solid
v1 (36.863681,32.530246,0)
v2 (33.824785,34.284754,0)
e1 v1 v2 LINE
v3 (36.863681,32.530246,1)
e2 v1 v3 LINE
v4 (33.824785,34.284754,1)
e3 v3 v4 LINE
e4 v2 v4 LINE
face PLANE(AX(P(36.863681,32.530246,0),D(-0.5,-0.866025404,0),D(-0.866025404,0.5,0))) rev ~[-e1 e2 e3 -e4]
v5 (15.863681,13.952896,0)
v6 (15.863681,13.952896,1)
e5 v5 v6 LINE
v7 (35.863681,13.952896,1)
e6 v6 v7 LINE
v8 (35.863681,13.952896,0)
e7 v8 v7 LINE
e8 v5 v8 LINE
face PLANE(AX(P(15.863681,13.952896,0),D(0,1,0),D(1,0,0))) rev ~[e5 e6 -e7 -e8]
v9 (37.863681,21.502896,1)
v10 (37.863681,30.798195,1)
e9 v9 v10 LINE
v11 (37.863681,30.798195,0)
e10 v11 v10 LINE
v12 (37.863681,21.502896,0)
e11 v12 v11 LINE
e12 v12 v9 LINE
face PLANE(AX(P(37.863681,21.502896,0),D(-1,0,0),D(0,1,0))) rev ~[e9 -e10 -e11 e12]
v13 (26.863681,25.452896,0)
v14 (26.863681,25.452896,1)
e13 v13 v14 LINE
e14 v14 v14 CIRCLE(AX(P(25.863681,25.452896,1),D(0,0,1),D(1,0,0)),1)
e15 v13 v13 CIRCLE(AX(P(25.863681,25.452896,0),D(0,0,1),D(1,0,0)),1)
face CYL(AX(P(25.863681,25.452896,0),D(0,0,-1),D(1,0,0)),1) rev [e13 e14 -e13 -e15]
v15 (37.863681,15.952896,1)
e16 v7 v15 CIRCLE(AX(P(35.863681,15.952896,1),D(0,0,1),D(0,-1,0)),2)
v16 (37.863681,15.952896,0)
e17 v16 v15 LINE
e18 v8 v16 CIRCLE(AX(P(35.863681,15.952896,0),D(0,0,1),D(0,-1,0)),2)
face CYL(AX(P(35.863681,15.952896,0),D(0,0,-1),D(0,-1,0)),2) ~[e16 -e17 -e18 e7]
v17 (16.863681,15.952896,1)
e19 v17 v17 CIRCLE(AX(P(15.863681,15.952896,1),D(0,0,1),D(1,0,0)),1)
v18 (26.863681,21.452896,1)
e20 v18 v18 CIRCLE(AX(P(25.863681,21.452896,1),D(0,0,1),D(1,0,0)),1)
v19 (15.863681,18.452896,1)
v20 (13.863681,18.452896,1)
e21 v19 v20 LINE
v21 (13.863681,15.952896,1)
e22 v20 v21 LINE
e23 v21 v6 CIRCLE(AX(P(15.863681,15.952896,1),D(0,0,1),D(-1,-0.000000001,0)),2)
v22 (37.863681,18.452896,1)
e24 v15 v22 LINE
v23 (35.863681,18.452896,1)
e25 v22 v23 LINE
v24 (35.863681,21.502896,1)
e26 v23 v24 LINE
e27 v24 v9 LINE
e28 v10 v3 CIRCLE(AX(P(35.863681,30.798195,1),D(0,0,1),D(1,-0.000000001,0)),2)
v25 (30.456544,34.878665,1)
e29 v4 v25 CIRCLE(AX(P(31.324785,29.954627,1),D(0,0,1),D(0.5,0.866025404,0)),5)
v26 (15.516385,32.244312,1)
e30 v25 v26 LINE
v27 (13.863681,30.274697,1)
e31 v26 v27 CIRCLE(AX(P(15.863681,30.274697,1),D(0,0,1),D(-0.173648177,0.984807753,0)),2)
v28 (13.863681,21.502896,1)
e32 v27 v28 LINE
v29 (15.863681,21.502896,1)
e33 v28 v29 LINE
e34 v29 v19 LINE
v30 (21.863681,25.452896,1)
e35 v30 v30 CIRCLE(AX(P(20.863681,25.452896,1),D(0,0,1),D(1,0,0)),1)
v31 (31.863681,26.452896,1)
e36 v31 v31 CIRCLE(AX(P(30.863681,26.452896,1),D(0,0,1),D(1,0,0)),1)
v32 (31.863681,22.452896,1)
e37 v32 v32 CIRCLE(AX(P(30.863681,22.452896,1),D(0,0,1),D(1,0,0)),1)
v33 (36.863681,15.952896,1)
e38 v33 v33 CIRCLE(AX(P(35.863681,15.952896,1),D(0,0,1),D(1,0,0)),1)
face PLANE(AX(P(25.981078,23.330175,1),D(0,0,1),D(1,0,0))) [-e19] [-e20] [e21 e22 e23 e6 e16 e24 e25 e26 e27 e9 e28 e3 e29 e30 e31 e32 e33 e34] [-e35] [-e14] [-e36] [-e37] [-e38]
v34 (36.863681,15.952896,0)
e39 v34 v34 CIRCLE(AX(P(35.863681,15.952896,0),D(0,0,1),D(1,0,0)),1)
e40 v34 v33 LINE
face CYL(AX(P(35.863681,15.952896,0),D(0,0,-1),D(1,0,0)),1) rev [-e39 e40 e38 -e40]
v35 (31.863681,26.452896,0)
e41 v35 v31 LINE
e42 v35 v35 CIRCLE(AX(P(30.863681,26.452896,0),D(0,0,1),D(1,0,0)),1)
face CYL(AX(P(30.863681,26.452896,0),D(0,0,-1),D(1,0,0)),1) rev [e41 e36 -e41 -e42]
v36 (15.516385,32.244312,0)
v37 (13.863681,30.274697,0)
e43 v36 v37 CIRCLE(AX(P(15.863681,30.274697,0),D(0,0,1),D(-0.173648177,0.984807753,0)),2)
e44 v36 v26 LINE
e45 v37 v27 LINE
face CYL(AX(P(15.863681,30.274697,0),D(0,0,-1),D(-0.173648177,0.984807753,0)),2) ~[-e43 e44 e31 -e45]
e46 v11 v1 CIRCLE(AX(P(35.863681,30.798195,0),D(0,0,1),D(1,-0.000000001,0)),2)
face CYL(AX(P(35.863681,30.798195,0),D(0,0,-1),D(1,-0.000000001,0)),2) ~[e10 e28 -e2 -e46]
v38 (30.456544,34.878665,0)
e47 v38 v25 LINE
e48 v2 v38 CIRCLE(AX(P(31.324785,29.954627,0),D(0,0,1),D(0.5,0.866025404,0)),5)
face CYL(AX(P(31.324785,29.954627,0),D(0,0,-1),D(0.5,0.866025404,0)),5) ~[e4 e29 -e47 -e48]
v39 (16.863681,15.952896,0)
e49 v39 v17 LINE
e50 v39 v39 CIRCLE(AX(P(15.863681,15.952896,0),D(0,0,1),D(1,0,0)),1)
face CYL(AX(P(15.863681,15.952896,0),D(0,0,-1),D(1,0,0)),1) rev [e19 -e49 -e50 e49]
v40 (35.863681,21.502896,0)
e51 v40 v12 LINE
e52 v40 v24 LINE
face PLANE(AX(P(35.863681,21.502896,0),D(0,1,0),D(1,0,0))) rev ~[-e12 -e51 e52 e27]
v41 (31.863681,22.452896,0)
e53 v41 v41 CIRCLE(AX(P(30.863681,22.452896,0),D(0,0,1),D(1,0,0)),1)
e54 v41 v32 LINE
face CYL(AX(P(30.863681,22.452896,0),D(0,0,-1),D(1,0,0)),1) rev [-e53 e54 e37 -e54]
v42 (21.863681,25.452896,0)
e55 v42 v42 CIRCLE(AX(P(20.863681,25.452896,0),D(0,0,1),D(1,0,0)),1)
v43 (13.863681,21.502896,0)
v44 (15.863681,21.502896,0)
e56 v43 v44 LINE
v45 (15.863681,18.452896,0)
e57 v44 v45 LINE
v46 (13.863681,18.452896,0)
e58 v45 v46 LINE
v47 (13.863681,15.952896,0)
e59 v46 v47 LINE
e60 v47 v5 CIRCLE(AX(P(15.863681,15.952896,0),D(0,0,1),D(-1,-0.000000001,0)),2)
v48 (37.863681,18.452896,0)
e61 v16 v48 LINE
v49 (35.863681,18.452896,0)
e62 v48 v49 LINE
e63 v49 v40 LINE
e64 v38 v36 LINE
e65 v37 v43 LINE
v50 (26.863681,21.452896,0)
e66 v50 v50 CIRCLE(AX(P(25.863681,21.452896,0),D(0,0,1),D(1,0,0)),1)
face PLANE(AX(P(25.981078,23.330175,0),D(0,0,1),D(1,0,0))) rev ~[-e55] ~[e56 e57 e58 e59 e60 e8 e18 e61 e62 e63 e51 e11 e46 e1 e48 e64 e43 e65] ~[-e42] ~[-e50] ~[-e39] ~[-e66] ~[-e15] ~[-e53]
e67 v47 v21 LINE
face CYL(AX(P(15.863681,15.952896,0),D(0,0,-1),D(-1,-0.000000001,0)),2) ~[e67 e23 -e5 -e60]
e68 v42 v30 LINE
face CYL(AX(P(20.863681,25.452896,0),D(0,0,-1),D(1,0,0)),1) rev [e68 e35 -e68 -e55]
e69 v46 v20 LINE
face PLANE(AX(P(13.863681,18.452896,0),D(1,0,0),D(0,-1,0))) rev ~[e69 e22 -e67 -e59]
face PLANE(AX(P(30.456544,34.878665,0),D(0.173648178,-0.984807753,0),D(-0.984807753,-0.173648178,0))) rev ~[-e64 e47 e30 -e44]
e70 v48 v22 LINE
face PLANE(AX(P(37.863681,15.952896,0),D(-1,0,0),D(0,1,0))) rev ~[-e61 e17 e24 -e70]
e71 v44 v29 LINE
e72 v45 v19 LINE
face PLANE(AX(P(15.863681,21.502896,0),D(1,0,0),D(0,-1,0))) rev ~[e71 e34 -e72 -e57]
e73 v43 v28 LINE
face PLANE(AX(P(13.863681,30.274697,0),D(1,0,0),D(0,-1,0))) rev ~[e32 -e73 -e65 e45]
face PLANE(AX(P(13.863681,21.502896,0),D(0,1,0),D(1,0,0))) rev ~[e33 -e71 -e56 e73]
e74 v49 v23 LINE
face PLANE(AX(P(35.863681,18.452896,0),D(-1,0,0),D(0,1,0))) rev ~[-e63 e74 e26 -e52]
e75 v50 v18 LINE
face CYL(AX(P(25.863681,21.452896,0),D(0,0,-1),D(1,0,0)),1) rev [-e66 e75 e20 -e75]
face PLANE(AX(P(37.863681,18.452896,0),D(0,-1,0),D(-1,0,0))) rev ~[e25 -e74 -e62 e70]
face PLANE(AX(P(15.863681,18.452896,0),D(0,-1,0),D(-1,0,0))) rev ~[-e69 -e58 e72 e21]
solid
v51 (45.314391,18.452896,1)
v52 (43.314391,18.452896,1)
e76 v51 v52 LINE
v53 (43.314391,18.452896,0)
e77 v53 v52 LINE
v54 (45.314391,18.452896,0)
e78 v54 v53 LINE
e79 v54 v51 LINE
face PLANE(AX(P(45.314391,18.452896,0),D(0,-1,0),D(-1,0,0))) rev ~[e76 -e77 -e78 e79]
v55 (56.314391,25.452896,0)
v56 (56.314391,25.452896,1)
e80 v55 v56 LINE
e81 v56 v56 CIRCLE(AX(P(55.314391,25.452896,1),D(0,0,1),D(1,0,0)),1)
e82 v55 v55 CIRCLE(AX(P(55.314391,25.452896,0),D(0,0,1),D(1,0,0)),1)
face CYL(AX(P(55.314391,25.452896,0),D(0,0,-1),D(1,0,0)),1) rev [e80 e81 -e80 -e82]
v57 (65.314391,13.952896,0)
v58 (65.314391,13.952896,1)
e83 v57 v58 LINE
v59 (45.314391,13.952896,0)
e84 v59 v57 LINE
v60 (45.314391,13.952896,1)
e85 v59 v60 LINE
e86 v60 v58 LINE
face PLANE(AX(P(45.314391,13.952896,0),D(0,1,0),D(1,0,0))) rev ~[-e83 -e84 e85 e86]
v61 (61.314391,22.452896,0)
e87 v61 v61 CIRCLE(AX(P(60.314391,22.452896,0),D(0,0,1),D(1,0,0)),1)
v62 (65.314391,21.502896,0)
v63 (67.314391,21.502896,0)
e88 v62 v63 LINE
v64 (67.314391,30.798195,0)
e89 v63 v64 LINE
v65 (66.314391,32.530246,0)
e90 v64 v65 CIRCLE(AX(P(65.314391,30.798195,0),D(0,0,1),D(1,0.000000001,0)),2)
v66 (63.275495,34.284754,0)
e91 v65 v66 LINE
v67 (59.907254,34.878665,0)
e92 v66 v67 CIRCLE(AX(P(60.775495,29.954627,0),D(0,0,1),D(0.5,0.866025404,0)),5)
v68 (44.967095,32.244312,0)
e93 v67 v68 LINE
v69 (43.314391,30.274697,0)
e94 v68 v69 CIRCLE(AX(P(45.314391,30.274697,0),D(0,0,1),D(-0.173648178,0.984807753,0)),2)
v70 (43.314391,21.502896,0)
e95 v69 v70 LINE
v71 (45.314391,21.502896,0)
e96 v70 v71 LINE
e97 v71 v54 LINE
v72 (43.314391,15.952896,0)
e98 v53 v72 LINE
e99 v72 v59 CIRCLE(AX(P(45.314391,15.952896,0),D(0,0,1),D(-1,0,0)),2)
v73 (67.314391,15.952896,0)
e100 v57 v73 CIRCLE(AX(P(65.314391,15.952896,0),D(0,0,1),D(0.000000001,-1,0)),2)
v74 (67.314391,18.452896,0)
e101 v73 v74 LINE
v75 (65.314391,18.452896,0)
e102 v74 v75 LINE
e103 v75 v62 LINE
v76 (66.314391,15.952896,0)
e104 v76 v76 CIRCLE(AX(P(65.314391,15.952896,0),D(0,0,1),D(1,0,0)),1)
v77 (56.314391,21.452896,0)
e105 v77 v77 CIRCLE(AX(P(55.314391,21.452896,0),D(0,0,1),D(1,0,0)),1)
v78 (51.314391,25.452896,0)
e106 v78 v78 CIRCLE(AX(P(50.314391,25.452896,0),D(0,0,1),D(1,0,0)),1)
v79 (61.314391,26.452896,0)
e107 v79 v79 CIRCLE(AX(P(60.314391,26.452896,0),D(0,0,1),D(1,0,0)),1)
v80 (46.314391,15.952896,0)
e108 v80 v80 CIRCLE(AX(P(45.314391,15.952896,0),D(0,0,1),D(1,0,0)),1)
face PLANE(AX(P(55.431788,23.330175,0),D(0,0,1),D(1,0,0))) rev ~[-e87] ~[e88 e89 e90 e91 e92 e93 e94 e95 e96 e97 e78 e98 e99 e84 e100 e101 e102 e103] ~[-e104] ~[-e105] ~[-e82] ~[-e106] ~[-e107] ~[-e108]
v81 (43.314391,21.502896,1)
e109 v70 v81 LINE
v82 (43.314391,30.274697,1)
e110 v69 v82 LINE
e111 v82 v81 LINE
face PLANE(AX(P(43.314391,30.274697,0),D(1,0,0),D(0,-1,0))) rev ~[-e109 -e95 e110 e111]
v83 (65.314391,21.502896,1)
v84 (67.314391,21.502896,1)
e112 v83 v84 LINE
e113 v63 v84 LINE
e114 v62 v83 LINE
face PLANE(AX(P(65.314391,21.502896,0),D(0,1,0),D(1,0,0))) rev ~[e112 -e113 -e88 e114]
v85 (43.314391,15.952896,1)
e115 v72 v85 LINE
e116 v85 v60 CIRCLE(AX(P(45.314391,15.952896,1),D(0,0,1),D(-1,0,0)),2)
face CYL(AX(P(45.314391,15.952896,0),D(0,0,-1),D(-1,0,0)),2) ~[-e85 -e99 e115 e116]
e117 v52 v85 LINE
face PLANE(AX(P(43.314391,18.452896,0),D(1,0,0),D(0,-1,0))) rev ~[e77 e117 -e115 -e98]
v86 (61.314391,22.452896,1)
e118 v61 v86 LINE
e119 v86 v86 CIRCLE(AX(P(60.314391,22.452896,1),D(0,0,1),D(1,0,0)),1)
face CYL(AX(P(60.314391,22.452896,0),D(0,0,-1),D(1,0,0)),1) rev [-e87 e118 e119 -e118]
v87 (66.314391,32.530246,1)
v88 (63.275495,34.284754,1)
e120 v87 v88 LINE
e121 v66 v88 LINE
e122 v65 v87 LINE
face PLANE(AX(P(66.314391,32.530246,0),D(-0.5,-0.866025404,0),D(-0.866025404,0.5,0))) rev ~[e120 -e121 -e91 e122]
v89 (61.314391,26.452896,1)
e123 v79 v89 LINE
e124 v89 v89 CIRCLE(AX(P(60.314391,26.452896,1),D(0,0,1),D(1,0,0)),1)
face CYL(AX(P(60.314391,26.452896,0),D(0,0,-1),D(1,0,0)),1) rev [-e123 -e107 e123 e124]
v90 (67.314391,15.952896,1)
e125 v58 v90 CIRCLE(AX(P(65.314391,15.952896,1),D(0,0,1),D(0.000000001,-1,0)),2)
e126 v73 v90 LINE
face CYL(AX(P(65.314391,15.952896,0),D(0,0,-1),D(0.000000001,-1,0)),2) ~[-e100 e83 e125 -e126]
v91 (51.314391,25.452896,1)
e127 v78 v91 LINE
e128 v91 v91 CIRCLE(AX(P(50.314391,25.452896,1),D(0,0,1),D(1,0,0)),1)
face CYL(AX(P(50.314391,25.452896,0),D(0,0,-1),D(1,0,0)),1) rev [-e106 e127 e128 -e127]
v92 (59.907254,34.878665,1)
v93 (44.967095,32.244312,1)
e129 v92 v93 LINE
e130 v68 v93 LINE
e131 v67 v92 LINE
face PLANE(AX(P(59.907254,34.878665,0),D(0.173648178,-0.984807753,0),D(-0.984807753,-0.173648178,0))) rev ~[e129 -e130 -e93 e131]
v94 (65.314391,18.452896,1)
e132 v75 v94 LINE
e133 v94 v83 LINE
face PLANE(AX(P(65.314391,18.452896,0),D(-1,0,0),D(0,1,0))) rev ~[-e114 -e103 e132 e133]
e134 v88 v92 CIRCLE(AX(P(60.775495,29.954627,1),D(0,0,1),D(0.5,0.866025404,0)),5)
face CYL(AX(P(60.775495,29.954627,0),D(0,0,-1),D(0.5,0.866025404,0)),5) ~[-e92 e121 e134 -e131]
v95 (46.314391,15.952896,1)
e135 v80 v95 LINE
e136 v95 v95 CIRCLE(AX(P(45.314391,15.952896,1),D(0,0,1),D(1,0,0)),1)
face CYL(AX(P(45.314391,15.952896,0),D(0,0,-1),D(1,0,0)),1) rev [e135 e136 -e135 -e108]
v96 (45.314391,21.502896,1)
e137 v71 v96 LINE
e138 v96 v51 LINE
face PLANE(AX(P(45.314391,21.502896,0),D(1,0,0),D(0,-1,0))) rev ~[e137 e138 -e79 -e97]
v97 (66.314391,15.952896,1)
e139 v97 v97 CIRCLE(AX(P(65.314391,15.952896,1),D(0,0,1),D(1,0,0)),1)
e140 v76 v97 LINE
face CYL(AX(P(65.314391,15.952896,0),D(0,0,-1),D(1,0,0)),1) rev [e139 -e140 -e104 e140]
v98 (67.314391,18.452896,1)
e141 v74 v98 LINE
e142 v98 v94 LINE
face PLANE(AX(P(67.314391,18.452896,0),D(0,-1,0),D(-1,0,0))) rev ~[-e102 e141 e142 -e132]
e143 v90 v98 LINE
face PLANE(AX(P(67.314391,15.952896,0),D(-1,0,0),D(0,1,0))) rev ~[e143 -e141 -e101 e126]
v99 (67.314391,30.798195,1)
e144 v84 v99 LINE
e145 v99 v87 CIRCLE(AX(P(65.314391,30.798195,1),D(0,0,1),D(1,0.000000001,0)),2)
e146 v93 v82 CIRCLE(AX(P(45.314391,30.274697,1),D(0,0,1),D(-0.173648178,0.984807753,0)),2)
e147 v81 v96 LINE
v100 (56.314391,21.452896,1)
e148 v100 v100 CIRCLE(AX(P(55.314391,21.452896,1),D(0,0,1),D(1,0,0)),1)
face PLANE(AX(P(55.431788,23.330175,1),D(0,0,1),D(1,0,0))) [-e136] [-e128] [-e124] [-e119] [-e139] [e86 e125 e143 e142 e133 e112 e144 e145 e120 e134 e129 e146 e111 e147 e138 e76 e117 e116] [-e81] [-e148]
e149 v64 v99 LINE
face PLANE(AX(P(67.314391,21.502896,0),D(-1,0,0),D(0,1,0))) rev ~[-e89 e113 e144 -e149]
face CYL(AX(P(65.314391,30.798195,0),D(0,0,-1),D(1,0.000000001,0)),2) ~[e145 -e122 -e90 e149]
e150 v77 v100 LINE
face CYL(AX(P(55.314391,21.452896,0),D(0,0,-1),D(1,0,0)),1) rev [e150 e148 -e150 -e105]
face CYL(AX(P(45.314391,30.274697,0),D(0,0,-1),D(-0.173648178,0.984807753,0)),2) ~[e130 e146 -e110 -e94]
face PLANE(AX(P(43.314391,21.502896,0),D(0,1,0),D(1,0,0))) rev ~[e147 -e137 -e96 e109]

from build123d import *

# Parameters (mm, degrees)
MODEL_R           = 1
EXTRUDE_1_DEPTH   = 1
EXTRUDE_1_2_DEPTH = 1


with BuildPart() as part:
    # Model → 凸台-拉伸1 (new body)
    with BuildSketch(Plane.XY):
        with BuildLine():
            Line((37.863680869, 15.952895964), (37.863680869, 18.452895964))
            Line((37.863680869, 18.452895964), (35.863680869, 18.452895964))
            Line((35.863680869, 18.452895964), (35.863680869, 21.452895994))
            Line((35.863680869, 21.452895994), (35.863680869, 21.502895994))
            Line((35.863680869, 21.502895994), (37.863680869, 21.502895994))
            Line((37.863680869, 21.502895994), (37.863680869, 30.798195426))
            ThreePointArc((37.863680869, 30.798195426), (37.595731677, 31.798195426), (36.863680869, 32.530246234))
            Line((36.863680869, 32.530246234), (33.82478485, 34.284753669))
            ThreePointArc((33.82478485, 34.284753669), (32.193025738, 34.878665415), (30.456543961, 34.878665415))
            Line((30.456543961, 34.878665415), (15.516384514, 32.244312208))
            ThreePointArc((15.516384514, 32.244312208), (14.331591983, 31.560271922), (13.863680869, 30.274696702))
            Line((13.863680869, 30.274696702), (13.863680869, 21.502895994))
            Line((13.863680869, 21.502895994), (15.863680869, 21.502895994))
            Line((15.863680869, 21.502895994), (15.863680869, 21.452895994))
            Line((15.863680869, 21.452895994), (15.863680869, 18.452895964))
            Line((15.863680869, 18.452895964), (13.863680869, 18.452895964))
            Line((13.863680869, 18.452895964), (13.863680869, 15.952895964))
            ThreePointArc((13.863680869, 15.952895964), (14.449467307, 14.538682402), (15.863680869, 13.952895964))
            Line((15.863680869, 13.952895964), (35.863680869, 13.952895964))
            ThreePointArc((35.863680869, 13.952895964), (37.277894432, 14.538682402), (37.863680869, 15.952895964))
        make_face()
        with Locations((35.863680869, 15.952895964)):
            Circle(MODEL_R, mode=Mode.SUBTRACT)
        with Locations((15.863680869, 15.952895964)):
            Circle(MODEL_R, mode=Mode.SUBTRACT)
        with Locations((25.863680869, 25.452895979)):
            Circle(MODEL_R, mode=Mode.SUBTRACT)
        with Locations((20.863680869, 25.452895979)):
            Circle(MODEL_R, mode=Mode.SUBTRACT)
        with Locations((30.863680869, 26.452895979)):
            Circle(MODEL_R, mode=Mode.SUBTRACT)
        with Locations((25.863680869, 21.452895979)):
            Circle(MODEL_R, mode=Mode.SUBTRACT)
        with Locations((30.863680869, 22.452895979)):
            Circle(MODEL_R, mode=Mode.SUBTRACT)
    extrude(amount=EXTRUDE_1_DEPTH)


with BuildPart() as body_2:
    # Model → Extrude 1 2 (new body)
    with BuildSketch(Plane.XY):
        with BuildLine():
            Line((67.314390859, 15.952895964), (67.314390859, 18.452895964))
            Line((67.314390859, 18.452895964), (65.314390859, 18.452895964))
            Line((65.314390859, 18.452895964), (65.314390859, 21.452895994))
            Line((65.314390859, 21.452895994), (65.314390859, 21.502895994))
            Line((65.314390859, 21.502895994), (67.314390859, 21.502895994))
            Line((67.314390859, 21.502895994), (67.314390859, 30.798195426))
            ThreePointArc((67.314390859, 30.798195426), (67.046441666, 31.798195426), (66.314390859, 32.530246234))
            Line((66.314390859, 32.530246234), (63.275494839, 34.284753669))
            ThreePointArc((63.275494839, 34.284753669), (61.643735727, 34.878665415), (59.907253951, 34.878665415))
            Line((59.907253951, 34.878665415), (44.967094503, 32.244312208))
            ThreePointArc((44.967094503, 32.244312208), (43.782301973, 31.560271922), (43.314390859, 30.274696702))
            Line((43.314390859, 30.274696702), (43.314390859, 21.502895994))
            Line((43.314390859, 21.502895994), (45.314390859, 21.502895994))
            Line((45.314390859, 21.502895994), (45.314390859, 21.452895994))
            Line((45.314390859, 21.452895994), (45.314390859, 18.452895964))
            Line((45.314390859, 18.452895964), (43.314390859, 18.452895964))
            Line((43.314390859, 18.452895964), (43.314390859, 15.952895964))
            ThreePointArc((43.314390859, 15.952895964), (43.900177296, 14.538682402), (45.314390859, 13.952895964))
            Line((45.314390859, 13.952895964), (65.314390859, 13.952895964))
            ThreePointArc((65.314390859, 13.952895964), (66.728604421, 14.538682402), (67.314390859, 15.952895964))
        make_face()
        with Locations((65.314390859, 15.952895964)):
            Circle(MODEL_R, mode=Mode.SUBTRACT)
        with Locations((45.314390859, 15.952895964)):
            Circle(MODEL_R, mode=Mode.SUBTRACT)
        with Locations((55.314390859, 25.452895979)):
            Circle(MODEL_R, mode=Mode.SUBTRACT)
        with Locations((50.314390859, 25.452895979)):
            Circle(MODEL_R, mode=Mode.SUBTRACT)
        with Locations((60.314390859, 26.452895979)):
            Circle(MODEL_R, mode=Mode.SUBTRACT)
        with Locations((55.314390859, 21.452895979)):
            Circle(MODEL_R, mode=Mode.SUBTRACT)
        with Locations((60.314390859, 22.452895979)):
            Circle(MODEL_R, mode=Mode.SUBTRACT)
    extrude(amount=EXTRUDE_1_2_DEPTH)


solid = Compound([part.part, body_2.part])
